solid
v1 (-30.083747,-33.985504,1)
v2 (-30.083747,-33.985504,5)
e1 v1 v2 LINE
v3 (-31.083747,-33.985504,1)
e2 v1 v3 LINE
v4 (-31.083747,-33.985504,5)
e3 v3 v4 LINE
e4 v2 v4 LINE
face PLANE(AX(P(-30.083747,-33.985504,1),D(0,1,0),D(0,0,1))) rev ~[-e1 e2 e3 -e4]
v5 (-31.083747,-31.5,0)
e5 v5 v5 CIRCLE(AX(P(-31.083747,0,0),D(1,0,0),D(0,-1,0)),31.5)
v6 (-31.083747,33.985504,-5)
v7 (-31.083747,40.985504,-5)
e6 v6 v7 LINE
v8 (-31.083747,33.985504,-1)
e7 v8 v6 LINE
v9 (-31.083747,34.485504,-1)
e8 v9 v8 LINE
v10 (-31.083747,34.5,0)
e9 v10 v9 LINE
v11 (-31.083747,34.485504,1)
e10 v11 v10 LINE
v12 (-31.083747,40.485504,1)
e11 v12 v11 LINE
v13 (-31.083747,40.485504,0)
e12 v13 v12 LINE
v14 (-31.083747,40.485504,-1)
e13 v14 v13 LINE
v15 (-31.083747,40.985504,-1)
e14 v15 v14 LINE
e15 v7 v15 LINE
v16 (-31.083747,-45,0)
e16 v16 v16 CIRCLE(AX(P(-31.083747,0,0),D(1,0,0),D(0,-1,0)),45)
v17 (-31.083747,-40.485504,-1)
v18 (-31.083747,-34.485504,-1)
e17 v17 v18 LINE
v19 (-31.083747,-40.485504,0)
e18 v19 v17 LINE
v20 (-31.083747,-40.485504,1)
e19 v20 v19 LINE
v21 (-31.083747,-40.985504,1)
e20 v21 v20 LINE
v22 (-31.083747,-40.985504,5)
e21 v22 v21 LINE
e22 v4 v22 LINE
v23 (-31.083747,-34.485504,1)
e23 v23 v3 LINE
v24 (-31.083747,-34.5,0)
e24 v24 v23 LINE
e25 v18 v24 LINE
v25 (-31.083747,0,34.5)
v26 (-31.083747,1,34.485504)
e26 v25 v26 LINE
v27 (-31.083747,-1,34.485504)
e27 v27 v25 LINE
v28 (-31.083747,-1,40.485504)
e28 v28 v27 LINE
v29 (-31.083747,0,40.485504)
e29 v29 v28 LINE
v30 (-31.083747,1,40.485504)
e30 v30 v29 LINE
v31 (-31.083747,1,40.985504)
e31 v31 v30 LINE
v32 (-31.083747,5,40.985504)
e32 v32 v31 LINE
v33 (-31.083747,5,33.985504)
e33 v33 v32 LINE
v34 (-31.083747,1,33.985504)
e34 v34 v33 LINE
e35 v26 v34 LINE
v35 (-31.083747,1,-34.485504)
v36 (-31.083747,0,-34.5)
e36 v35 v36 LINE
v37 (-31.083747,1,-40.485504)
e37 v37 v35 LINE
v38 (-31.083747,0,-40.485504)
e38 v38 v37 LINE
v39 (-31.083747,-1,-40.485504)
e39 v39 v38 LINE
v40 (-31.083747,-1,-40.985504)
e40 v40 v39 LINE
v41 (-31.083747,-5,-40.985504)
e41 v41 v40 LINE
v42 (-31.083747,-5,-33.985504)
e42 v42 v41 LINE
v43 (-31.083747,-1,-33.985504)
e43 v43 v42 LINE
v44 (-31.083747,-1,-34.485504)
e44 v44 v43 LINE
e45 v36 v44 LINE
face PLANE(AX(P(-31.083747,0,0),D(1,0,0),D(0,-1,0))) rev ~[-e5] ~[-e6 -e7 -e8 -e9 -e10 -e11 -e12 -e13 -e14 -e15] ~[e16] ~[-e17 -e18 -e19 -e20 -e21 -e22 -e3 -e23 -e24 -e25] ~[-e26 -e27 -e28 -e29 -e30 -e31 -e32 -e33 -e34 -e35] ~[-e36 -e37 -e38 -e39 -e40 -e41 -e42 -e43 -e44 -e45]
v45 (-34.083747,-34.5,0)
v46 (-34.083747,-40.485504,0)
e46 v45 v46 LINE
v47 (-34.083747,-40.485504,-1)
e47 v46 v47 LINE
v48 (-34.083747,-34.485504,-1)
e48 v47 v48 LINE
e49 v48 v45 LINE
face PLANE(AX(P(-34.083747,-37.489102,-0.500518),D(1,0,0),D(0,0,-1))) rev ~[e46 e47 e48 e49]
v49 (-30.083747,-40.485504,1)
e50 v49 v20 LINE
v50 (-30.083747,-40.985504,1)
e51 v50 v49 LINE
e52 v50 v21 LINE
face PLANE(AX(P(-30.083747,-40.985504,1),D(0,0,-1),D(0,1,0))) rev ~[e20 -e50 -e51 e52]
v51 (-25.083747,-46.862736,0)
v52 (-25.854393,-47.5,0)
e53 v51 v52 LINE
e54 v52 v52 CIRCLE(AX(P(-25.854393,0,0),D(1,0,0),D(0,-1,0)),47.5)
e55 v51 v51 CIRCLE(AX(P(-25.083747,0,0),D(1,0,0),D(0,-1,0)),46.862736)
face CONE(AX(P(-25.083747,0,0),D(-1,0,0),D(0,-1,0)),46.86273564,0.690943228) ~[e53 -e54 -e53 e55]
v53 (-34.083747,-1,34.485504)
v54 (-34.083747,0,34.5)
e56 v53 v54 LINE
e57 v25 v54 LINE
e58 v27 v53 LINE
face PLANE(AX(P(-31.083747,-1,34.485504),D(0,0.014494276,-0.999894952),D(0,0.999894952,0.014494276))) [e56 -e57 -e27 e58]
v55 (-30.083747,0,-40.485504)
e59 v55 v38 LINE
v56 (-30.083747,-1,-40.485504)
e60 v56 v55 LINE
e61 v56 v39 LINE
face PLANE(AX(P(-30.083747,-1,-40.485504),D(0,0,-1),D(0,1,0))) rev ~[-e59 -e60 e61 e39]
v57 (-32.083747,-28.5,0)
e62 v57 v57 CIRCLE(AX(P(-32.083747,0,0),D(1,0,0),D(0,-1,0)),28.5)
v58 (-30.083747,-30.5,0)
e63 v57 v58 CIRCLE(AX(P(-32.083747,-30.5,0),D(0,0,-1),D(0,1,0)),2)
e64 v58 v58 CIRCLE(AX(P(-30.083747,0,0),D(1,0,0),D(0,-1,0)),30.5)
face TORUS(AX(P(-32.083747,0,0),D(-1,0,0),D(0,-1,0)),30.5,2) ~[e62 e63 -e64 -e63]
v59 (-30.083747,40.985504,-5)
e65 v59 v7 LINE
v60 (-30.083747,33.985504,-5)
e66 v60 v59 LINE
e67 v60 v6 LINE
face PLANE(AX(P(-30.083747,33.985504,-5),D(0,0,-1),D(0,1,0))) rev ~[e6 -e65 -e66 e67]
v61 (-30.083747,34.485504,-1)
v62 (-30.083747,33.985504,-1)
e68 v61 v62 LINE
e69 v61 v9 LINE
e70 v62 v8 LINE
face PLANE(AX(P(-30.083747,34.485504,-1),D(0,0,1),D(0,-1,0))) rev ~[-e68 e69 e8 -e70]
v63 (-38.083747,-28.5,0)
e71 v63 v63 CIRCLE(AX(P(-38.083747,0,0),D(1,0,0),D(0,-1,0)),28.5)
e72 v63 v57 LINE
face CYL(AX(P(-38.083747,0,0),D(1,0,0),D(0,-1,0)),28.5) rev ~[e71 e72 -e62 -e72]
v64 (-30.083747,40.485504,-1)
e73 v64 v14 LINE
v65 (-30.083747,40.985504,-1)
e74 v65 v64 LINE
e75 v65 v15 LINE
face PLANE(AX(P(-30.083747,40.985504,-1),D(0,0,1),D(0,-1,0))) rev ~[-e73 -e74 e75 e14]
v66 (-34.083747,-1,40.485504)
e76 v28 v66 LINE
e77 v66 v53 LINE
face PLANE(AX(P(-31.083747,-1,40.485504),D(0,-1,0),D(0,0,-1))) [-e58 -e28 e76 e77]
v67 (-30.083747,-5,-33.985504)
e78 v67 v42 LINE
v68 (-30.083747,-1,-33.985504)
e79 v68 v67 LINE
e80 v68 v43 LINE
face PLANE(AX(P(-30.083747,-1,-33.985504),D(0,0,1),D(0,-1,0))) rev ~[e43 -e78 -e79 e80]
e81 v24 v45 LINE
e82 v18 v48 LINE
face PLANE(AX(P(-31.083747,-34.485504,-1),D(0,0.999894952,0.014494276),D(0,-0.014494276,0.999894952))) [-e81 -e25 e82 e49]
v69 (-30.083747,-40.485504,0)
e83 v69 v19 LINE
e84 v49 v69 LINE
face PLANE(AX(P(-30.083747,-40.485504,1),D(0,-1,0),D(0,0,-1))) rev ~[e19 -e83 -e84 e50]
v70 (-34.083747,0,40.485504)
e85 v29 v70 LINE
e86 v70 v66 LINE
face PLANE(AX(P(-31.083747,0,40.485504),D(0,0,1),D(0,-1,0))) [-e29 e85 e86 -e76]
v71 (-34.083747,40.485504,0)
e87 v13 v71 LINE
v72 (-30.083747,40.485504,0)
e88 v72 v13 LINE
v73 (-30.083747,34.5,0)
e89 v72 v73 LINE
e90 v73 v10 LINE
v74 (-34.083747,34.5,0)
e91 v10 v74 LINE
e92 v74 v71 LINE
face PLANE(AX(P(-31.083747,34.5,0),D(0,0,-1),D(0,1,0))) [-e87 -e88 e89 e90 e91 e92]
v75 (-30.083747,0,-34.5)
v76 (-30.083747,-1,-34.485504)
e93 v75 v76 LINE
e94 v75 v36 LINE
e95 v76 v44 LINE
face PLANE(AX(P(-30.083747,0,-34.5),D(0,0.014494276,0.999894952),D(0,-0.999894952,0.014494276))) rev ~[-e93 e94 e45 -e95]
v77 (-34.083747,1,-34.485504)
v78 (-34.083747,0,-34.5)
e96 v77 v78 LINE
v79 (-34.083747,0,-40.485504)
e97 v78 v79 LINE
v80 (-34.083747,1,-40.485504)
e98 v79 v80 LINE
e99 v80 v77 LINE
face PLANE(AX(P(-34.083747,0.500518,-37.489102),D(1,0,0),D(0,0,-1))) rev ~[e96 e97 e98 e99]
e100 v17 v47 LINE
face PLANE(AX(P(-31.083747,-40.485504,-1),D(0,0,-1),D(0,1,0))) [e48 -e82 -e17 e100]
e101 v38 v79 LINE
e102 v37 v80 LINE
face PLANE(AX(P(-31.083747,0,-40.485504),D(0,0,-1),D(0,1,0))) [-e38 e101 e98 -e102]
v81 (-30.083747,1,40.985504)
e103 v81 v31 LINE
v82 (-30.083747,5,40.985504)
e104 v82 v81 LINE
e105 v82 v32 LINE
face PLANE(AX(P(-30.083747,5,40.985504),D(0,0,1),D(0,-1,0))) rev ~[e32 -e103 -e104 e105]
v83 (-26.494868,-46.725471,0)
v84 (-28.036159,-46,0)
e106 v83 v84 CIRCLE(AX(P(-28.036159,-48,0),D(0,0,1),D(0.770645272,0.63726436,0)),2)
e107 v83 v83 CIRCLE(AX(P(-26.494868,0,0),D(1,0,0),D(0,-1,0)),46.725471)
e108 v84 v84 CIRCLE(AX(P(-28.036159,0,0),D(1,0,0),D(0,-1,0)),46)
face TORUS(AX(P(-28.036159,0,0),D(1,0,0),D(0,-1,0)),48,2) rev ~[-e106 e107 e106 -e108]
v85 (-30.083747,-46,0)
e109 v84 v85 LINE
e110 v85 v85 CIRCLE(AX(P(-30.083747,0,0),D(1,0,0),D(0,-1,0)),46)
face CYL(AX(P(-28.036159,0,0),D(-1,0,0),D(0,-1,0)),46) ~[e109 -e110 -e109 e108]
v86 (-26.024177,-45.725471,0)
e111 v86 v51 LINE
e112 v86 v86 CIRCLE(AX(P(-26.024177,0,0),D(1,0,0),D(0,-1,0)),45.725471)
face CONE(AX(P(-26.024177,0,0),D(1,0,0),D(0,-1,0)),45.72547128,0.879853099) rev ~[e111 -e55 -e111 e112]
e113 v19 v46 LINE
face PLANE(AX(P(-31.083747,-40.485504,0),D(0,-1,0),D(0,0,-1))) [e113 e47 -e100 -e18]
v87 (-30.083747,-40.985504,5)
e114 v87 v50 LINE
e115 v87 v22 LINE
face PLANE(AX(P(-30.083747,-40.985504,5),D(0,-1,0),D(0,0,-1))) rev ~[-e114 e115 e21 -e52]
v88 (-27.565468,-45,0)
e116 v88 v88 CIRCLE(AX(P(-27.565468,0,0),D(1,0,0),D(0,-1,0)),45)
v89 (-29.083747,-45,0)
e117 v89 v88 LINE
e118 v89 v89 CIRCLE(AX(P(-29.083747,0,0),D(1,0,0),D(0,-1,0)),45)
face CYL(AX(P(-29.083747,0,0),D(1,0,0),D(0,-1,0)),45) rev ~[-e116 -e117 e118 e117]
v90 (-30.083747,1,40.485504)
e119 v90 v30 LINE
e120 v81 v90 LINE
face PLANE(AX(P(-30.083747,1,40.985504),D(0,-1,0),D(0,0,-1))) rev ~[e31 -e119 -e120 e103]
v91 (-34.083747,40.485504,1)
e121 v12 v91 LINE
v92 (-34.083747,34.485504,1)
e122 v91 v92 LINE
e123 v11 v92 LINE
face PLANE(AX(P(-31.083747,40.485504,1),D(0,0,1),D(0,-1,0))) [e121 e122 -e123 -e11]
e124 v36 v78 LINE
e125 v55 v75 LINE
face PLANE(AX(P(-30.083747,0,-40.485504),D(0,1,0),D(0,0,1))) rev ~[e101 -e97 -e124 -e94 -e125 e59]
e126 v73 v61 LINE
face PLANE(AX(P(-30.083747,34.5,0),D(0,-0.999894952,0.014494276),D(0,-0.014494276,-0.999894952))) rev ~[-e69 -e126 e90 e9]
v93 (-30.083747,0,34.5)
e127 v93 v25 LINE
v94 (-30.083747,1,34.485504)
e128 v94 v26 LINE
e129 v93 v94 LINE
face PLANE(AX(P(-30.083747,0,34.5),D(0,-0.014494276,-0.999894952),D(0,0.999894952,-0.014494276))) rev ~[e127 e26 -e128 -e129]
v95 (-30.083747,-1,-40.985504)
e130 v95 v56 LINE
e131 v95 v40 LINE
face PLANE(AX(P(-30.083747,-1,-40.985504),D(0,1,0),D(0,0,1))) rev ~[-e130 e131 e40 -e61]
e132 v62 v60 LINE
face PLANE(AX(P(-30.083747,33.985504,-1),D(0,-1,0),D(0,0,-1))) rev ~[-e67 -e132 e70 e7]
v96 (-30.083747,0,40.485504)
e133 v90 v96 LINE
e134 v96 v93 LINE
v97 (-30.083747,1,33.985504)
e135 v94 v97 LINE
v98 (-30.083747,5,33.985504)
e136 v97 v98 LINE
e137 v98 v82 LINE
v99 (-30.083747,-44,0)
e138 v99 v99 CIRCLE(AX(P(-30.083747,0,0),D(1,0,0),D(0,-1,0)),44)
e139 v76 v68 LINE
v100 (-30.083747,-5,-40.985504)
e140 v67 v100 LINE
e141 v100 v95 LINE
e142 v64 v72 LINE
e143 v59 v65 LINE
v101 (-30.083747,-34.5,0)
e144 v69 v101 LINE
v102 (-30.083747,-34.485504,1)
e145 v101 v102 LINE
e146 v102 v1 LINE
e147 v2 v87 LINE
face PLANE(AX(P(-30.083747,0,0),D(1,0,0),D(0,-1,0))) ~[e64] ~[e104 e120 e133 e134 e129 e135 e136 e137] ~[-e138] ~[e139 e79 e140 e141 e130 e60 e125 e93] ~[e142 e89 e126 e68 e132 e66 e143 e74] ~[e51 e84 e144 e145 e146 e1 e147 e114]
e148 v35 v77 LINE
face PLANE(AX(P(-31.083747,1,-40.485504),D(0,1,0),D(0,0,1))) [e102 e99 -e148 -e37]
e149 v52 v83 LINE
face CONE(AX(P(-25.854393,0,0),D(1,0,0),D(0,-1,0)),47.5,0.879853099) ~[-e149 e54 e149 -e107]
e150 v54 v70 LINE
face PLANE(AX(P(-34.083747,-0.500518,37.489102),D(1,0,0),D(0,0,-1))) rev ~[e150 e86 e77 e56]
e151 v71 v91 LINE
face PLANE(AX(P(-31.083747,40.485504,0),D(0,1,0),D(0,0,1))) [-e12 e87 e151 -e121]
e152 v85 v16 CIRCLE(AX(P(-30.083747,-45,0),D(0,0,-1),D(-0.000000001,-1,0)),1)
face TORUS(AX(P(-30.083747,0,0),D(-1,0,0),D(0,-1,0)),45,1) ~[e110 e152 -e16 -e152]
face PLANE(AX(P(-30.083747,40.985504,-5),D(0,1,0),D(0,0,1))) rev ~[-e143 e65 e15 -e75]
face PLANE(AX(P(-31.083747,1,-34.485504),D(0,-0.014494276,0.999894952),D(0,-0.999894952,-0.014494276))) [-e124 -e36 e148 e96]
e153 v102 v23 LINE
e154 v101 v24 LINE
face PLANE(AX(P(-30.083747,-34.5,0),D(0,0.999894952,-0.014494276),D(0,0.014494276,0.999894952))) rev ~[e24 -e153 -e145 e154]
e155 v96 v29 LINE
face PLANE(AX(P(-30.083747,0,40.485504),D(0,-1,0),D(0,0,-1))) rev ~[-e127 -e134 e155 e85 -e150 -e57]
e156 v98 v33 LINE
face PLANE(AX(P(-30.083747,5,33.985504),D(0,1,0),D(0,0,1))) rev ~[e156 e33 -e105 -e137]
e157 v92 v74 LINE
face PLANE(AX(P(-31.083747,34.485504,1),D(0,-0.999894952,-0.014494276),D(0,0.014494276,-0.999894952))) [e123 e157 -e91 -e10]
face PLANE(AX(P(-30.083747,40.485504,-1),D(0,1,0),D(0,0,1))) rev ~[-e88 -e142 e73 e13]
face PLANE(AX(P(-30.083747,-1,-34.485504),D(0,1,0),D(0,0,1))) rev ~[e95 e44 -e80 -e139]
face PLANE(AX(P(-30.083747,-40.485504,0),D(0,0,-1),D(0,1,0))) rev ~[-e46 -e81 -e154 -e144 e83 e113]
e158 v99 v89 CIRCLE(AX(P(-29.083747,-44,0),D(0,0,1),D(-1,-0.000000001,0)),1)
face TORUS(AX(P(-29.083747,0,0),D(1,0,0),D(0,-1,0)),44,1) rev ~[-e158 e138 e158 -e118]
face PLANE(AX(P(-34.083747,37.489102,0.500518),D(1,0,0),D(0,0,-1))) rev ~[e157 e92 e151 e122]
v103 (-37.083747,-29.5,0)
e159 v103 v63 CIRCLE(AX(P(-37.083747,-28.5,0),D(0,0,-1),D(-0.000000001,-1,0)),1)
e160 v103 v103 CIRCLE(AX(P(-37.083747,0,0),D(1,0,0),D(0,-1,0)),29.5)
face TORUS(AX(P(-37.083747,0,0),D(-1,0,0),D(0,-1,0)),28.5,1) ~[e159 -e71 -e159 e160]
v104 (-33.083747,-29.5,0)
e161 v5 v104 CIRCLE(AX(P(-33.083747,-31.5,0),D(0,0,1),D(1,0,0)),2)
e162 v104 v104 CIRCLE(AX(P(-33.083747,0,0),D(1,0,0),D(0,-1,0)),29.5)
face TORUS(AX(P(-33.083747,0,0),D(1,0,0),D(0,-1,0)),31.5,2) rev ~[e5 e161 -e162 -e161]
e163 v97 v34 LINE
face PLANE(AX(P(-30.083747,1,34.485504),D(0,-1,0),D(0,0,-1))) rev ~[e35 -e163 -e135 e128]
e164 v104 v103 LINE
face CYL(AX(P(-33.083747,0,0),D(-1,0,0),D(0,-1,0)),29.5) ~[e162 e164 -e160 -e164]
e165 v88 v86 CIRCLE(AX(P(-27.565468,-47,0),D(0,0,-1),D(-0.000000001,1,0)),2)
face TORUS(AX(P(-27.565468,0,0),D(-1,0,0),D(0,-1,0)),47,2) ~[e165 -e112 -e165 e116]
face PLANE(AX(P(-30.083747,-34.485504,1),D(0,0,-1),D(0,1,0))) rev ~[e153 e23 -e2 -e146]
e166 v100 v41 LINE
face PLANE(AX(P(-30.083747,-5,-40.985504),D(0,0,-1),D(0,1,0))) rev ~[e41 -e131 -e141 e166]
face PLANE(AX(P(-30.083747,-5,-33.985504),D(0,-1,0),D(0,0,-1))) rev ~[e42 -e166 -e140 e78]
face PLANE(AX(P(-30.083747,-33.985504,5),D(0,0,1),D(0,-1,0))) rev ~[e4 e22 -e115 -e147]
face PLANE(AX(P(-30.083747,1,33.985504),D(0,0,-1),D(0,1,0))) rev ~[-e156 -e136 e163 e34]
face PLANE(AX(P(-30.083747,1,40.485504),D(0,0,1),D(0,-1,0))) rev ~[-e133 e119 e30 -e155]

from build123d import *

# Parameters (mm, degrees)
CUT_EXTRUDE_1_DEPTH = 68.649833703
EXTRUDE_1_DEPTH     = 3


with BuildPart() as part:
    # 草图1 → 旋转1 (revolve)
    with BuildSketch(Plane.XY):
        with BuildLine():
            Line((-38.083747267, -28.5), (-32.083747267, -28.5))
            ThreePointArc((-32.083747267, -28.5), (-30.669533704, -29.085786438), (-30.083747267, -30.5))
            Line((-30.083747267, -30.5), (-30.083747267, -44))
            ThreePointArc((-30.083747267, -44), (-29.790854048, -44.707106781), (-29.083747267, -45))
            Line((-29.083747267, -45), (-27.565467955, -45))
            ThreePointArc((-27.565467955, -45), (-26.713721936, -45.190434107), (-26.02417741, -45.72547128))
            Line((-26.02417741, -45.72547128), (-25.083747267, -46.86273564))
            Line((-25.083747267, -46.86273564), (-25.854392539, -47.5))
            Line((-25.854392539, -47.5), (-26.494868211, -46.72547128))
            ThreePointArc((-26.494868211, -46.72547128), (-27.184412737, -46.190434107), (-28.036158755, -46))
            Line((-28.036158755, -46), (-30.083747267, -46))
            ThreePointArc((-30.083747267, -46), (-30.790854048, -45.707106781), (-31.083747267, -45))
            Line((-31.083747267, -45), (-31.083747267, -31.5))
            ThreePointArc((-31.083747267, -31.5), (-31.669533704, -30.085786438), (-33.083747267, -29.5))
            Line((-33.083747267, -29.5), (-37.083747267, -29.5))
            ThreePointArc((-37.083747267, -29.5), (-37.790854048, -29.207106781), (-38.083747267, -28.5))
        make_face()
    revolve(axis=Axis((-28.083747267, 0, 0), (1, 0, 0)))

    # 草图3 → 切除-拉伸1 (cut, through all)
    with BuildSketch(Plane(origin=(-30.083747267, 0, 0), x_dir=(0, 0, -1), z_dir=(1, 0, 0))):
        Polygon((0, -34.5), (-1, -34.485504201), (-1, -33.985504201), (-5, -33.985504201), (-5, -40.985504201), (-1, -40.985504201), (-1, -40.485504201), (0, -40.485504201), align=None)
        Polygon((-33.985504201, 1), (-33.985504201, 5), (-40.985504201, 5), (-40.985504201, 1), (-40.485504201, 1), (-40.485504201, 0), (-34.5, 0), (-34.485504201, 1), align=None)
        Polygon((1, 33.985504201), (5, 33.985504201), (5, 40.985504201), (1, 40.985504201), (1, 40.485504201), (0, 40.485504201), (0, 34.5), (1, 34.485504201), align=None)
        Polygon((33.985504201, -1), (33.985504201, -5), (40.985504201, -5), (40.985504201, -1), (40.485504201, -1), (40.485504201, 0), (34.5, 0), (34.485504201, -1), align=None)
    extrude(amount=-CUT_EXTRUDE_1_DEPTH, mode=Mode.SUBTRACT)

    # 草图4 → 凸台-拉伸1 (add)
    with BuildSketch(Plane.ZY.offset(31.083747267)):
        Polygon((0, 40.485504201), (1, 40.485504201), (1, 34.485504201), (0, 34.5), align=None)
        Polygon((34.485504201, -1), (34.5, 0), (40.485504201, 0), (40.485504201, -1), align=None)
        Polygon((-1, -34.485504201), (0, -34.5), (0, -40.485504201), (-1, -40.485504201), align=None)
        Polygon((-34.485504201, 1), (-34.5, 0), (-40.485504201, 0), (-40.485504201, 1), align=None)
    extrude(amount=EXTRUDE_1_DEPTH)


solid = part.part
